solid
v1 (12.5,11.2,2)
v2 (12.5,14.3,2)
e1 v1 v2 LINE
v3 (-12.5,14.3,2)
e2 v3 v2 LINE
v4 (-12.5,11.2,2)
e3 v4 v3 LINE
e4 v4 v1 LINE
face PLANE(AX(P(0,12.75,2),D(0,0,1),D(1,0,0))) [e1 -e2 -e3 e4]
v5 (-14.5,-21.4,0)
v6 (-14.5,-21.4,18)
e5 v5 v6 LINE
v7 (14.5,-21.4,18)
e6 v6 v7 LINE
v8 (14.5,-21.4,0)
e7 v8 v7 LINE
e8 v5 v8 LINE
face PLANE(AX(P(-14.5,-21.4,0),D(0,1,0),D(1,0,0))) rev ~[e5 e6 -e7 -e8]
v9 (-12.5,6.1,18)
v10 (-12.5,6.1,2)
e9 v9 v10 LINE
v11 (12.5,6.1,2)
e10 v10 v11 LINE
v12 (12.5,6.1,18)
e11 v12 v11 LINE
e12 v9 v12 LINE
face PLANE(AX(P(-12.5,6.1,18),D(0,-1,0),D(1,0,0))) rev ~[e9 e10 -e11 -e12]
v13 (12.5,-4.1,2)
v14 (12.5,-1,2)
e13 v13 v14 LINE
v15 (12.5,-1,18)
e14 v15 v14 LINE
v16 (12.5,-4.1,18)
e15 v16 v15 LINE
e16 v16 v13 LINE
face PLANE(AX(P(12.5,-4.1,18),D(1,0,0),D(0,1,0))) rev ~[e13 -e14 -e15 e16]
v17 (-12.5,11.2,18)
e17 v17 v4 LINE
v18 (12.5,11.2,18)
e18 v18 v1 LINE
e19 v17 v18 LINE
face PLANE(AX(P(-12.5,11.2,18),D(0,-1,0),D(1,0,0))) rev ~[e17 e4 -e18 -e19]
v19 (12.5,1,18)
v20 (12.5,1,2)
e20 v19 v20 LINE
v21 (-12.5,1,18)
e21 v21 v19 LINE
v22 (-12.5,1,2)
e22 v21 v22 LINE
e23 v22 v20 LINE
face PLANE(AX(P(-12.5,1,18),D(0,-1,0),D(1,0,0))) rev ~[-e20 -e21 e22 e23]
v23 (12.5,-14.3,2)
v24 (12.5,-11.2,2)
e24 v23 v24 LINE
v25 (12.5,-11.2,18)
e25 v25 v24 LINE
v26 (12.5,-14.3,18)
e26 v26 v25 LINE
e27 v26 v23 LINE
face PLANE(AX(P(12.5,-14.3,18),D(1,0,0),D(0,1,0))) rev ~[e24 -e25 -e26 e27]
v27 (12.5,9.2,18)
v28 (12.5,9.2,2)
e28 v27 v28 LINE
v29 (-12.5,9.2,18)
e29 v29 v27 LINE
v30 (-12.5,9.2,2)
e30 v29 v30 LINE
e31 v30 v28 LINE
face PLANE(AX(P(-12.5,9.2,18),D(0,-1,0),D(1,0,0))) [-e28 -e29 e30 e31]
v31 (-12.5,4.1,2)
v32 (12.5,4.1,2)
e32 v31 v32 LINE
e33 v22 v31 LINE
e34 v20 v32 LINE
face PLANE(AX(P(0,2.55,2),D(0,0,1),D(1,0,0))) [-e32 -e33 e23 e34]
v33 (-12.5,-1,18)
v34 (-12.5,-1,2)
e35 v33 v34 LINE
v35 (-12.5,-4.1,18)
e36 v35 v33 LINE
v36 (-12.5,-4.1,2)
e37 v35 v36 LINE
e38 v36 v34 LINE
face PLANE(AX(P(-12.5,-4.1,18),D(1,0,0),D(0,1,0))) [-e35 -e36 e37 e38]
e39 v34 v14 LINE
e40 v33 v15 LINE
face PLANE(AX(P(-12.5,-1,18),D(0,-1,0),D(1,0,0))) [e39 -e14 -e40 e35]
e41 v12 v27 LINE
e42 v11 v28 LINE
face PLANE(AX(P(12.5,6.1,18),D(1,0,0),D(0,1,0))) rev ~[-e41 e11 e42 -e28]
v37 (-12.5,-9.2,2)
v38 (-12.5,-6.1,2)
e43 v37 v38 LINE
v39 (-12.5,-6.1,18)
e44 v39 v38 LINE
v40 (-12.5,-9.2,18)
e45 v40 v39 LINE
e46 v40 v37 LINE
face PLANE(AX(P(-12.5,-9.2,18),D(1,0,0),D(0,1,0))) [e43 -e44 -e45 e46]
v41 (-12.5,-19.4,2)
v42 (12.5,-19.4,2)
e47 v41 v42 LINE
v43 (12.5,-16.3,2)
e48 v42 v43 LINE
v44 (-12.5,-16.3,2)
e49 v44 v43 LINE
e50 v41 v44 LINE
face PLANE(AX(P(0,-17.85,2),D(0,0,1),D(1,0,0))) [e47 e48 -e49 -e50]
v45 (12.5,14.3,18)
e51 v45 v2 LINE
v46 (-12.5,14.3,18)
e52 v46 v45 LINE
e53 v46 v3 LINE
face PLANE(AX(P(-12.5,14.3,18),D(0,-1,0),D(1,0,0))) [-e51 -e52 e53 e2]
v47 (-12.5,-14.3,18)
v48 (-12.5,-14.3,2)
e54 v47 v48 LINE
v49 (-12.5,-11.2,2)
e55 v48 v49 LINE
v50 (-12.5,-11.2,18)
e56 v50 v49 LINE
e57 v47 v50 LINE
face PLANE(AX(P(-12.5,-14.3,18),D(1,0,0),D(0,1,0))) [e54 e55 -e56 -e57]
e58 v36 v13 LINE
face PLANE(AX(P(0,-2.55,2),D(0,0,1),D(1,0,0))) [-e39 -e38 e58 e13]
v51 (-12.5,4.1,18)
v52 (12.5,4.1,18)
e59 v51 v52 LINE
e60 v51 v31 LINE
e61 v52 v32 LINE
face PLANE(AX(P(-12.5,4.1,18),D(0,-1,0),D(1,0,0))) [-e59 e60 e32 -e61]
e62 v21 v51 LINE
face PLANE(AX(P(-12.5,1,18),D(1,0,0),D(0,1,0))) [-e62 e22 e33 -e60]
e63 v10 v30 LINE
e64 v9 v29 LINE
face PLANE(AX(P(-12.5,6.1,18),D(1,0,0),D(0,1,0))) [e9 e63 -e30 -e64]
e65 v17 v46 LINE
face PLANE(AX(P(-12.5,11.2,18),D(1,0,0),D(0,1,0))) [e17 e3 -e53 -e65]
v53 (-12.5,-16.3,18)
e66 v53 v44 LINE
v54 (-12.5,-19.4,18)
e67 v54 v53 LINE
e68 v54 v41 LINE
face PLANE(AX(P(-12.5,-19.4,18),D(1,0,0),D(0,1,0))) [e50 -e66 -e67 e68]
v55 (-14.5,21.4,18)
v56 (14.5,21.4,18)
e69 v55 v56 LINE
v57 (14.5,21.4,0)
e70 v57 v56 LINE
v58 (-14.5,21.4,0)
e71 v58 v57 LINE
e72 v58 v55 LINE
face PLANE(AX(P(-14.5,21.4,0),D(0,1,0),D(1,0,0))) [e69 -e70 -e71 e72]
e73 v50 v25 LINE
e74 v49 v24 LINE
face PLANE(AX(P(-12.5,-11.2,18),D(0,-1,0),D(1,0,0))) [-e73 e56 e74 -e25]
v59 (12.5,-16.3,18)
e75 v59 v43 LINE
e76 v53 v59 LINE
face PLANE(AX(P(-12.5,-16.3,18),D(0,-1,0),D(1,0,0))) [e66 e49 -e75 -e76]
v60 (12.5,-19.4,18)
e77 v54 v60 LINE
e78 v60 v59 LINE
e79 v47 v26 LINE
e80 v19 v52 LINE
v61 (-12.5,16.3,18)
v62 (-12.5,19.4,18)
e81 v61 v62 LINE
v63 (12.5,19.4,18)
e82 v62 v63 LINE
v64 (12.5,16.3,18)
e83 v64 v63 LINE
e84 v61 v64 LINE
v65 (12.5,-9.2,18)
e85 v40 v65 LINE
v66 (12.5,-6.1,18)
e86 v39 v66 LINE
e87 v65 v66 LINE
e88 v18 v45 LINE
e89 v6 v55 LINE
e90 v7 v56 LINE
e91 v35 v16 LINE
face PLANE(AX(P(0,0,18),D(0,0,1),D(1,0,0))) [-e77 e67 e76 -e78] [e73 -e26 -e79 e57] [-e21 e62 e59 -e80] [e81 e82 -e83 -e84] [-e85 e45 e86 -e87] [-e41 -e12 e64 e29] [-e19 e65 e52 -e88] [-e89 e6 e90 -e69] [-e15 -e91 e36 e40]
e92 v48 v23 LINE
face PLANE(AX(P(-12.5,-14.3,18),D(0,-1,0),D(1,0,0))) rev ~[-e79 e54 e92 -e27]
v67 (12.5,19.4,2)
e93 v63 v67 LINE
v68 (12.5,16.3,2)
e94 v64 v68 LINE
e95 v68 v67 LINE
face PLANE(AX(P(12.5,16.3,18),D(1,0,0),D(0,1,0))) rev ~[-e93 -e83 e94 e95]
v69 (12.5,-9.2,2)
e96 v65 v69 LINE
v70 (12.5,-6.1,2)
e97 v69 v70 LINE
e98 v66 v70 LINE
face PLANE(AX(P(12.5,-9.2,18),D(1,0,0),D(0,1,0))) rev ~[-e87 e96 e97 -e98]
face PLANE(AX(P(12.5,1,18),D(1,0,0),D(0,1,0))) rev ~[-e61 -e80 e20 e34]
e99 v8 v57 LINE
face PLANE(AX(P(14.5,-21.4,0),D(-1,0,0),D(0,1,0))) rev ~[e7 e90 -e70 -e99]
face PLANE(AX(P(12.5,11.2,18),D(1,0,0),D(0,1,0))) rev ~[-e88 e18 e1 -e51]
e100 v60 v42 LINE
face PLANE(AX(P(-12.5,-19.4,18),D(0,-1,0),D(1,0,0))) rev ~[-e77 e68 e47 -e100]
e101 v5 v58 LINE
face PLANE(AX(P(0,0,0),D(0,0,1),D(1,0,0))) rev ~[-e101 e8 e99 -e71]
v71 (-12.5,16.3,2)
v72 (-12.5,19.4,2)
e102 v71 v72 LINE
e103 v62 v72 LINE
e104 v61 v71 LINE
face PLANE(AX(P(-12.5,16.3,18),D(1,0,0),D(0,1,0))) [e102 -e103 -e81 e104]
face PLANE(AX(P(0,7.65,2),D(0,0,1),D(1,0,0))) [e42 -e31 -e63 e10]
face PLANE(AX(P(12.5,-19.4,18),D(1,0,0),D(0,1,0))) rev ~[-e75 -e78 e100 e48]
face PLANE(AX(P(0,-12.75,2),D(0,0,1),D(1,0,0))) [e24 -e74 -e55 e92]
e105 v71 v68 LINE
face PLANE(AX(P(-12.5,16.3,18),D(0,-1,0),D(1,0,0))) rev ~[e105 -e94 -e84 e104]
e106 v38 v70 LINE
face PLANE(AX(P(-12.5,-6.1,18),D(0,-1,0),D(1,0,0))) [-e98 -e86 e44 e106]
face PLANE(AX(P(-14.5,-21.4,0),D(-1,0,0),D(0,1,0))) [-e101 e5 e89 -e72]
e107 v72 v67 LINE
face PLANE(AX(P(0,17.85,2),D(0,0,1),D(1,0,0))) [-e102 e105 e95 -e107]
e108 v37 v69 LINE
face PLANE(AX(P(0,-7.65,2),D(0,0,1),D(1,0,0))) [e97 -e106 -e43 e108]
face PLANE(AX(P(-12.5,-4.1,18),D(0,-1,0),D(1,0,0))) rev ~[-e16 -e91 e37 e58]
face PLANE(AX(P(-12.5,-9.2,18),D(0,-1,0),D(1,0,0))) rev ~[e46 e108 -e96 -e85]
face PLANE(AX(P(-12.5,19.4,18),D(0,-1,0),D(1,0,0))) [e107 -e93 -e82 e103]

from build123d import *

# Parameters (mm, degrees)
SKETCH_W     = 29
SKETCH_H     = 42.8
PAD_DEPTH    = 18
SKETCH001_W  = 25
SKETCH001_H  = 3.1
POCKET_DEPTH = 16


with BuildPart() as part:
    # Sketch → Pad (new body)
    with BuildSketch(Plane.XY):
        Rectangle(SKETCH_W, SKETCH_H)
    extrude(amount=PAD_DEPTH)

    # Sketch001 (on Face6 of Pad) → Pocket (cut)
    with BuildSketch(Plane.XY.offset(18)):
        with Locations((0, 17.85)):
            Rectangle(SKETCH001_W, SKETCH001_H)
        with Locations((0, 12.75)):
            Rectangle(SKETCH001_W, SKETCH001_H)
        with Locations((0, 7.65)):
            Rectangle(SKETCH001_W, SKETCH001_H)
        with Locations((0, 2.55)):
            Rectangle(SKETCH001_W, SKETCH001_H)
        with Locations((0, -17.85)):
            Rectangle(SKETCH001_W, SKETCH001_H)
        with Locations((0, -12.75)):
            Rectangle(SKETCH001_W, SKETCH001_H)
        with Locations((0, -7.65)):
            Rectangle(SKETCH001_W, SKETCH001_H)
        with Locations((0, -2.55)):
            Rectangle(SKETCH001_W, SKETCH001_H)
    extrude(amount=-POCKET_DEPTH, mode=Mode.SUBTRACT)


solid = part.part
